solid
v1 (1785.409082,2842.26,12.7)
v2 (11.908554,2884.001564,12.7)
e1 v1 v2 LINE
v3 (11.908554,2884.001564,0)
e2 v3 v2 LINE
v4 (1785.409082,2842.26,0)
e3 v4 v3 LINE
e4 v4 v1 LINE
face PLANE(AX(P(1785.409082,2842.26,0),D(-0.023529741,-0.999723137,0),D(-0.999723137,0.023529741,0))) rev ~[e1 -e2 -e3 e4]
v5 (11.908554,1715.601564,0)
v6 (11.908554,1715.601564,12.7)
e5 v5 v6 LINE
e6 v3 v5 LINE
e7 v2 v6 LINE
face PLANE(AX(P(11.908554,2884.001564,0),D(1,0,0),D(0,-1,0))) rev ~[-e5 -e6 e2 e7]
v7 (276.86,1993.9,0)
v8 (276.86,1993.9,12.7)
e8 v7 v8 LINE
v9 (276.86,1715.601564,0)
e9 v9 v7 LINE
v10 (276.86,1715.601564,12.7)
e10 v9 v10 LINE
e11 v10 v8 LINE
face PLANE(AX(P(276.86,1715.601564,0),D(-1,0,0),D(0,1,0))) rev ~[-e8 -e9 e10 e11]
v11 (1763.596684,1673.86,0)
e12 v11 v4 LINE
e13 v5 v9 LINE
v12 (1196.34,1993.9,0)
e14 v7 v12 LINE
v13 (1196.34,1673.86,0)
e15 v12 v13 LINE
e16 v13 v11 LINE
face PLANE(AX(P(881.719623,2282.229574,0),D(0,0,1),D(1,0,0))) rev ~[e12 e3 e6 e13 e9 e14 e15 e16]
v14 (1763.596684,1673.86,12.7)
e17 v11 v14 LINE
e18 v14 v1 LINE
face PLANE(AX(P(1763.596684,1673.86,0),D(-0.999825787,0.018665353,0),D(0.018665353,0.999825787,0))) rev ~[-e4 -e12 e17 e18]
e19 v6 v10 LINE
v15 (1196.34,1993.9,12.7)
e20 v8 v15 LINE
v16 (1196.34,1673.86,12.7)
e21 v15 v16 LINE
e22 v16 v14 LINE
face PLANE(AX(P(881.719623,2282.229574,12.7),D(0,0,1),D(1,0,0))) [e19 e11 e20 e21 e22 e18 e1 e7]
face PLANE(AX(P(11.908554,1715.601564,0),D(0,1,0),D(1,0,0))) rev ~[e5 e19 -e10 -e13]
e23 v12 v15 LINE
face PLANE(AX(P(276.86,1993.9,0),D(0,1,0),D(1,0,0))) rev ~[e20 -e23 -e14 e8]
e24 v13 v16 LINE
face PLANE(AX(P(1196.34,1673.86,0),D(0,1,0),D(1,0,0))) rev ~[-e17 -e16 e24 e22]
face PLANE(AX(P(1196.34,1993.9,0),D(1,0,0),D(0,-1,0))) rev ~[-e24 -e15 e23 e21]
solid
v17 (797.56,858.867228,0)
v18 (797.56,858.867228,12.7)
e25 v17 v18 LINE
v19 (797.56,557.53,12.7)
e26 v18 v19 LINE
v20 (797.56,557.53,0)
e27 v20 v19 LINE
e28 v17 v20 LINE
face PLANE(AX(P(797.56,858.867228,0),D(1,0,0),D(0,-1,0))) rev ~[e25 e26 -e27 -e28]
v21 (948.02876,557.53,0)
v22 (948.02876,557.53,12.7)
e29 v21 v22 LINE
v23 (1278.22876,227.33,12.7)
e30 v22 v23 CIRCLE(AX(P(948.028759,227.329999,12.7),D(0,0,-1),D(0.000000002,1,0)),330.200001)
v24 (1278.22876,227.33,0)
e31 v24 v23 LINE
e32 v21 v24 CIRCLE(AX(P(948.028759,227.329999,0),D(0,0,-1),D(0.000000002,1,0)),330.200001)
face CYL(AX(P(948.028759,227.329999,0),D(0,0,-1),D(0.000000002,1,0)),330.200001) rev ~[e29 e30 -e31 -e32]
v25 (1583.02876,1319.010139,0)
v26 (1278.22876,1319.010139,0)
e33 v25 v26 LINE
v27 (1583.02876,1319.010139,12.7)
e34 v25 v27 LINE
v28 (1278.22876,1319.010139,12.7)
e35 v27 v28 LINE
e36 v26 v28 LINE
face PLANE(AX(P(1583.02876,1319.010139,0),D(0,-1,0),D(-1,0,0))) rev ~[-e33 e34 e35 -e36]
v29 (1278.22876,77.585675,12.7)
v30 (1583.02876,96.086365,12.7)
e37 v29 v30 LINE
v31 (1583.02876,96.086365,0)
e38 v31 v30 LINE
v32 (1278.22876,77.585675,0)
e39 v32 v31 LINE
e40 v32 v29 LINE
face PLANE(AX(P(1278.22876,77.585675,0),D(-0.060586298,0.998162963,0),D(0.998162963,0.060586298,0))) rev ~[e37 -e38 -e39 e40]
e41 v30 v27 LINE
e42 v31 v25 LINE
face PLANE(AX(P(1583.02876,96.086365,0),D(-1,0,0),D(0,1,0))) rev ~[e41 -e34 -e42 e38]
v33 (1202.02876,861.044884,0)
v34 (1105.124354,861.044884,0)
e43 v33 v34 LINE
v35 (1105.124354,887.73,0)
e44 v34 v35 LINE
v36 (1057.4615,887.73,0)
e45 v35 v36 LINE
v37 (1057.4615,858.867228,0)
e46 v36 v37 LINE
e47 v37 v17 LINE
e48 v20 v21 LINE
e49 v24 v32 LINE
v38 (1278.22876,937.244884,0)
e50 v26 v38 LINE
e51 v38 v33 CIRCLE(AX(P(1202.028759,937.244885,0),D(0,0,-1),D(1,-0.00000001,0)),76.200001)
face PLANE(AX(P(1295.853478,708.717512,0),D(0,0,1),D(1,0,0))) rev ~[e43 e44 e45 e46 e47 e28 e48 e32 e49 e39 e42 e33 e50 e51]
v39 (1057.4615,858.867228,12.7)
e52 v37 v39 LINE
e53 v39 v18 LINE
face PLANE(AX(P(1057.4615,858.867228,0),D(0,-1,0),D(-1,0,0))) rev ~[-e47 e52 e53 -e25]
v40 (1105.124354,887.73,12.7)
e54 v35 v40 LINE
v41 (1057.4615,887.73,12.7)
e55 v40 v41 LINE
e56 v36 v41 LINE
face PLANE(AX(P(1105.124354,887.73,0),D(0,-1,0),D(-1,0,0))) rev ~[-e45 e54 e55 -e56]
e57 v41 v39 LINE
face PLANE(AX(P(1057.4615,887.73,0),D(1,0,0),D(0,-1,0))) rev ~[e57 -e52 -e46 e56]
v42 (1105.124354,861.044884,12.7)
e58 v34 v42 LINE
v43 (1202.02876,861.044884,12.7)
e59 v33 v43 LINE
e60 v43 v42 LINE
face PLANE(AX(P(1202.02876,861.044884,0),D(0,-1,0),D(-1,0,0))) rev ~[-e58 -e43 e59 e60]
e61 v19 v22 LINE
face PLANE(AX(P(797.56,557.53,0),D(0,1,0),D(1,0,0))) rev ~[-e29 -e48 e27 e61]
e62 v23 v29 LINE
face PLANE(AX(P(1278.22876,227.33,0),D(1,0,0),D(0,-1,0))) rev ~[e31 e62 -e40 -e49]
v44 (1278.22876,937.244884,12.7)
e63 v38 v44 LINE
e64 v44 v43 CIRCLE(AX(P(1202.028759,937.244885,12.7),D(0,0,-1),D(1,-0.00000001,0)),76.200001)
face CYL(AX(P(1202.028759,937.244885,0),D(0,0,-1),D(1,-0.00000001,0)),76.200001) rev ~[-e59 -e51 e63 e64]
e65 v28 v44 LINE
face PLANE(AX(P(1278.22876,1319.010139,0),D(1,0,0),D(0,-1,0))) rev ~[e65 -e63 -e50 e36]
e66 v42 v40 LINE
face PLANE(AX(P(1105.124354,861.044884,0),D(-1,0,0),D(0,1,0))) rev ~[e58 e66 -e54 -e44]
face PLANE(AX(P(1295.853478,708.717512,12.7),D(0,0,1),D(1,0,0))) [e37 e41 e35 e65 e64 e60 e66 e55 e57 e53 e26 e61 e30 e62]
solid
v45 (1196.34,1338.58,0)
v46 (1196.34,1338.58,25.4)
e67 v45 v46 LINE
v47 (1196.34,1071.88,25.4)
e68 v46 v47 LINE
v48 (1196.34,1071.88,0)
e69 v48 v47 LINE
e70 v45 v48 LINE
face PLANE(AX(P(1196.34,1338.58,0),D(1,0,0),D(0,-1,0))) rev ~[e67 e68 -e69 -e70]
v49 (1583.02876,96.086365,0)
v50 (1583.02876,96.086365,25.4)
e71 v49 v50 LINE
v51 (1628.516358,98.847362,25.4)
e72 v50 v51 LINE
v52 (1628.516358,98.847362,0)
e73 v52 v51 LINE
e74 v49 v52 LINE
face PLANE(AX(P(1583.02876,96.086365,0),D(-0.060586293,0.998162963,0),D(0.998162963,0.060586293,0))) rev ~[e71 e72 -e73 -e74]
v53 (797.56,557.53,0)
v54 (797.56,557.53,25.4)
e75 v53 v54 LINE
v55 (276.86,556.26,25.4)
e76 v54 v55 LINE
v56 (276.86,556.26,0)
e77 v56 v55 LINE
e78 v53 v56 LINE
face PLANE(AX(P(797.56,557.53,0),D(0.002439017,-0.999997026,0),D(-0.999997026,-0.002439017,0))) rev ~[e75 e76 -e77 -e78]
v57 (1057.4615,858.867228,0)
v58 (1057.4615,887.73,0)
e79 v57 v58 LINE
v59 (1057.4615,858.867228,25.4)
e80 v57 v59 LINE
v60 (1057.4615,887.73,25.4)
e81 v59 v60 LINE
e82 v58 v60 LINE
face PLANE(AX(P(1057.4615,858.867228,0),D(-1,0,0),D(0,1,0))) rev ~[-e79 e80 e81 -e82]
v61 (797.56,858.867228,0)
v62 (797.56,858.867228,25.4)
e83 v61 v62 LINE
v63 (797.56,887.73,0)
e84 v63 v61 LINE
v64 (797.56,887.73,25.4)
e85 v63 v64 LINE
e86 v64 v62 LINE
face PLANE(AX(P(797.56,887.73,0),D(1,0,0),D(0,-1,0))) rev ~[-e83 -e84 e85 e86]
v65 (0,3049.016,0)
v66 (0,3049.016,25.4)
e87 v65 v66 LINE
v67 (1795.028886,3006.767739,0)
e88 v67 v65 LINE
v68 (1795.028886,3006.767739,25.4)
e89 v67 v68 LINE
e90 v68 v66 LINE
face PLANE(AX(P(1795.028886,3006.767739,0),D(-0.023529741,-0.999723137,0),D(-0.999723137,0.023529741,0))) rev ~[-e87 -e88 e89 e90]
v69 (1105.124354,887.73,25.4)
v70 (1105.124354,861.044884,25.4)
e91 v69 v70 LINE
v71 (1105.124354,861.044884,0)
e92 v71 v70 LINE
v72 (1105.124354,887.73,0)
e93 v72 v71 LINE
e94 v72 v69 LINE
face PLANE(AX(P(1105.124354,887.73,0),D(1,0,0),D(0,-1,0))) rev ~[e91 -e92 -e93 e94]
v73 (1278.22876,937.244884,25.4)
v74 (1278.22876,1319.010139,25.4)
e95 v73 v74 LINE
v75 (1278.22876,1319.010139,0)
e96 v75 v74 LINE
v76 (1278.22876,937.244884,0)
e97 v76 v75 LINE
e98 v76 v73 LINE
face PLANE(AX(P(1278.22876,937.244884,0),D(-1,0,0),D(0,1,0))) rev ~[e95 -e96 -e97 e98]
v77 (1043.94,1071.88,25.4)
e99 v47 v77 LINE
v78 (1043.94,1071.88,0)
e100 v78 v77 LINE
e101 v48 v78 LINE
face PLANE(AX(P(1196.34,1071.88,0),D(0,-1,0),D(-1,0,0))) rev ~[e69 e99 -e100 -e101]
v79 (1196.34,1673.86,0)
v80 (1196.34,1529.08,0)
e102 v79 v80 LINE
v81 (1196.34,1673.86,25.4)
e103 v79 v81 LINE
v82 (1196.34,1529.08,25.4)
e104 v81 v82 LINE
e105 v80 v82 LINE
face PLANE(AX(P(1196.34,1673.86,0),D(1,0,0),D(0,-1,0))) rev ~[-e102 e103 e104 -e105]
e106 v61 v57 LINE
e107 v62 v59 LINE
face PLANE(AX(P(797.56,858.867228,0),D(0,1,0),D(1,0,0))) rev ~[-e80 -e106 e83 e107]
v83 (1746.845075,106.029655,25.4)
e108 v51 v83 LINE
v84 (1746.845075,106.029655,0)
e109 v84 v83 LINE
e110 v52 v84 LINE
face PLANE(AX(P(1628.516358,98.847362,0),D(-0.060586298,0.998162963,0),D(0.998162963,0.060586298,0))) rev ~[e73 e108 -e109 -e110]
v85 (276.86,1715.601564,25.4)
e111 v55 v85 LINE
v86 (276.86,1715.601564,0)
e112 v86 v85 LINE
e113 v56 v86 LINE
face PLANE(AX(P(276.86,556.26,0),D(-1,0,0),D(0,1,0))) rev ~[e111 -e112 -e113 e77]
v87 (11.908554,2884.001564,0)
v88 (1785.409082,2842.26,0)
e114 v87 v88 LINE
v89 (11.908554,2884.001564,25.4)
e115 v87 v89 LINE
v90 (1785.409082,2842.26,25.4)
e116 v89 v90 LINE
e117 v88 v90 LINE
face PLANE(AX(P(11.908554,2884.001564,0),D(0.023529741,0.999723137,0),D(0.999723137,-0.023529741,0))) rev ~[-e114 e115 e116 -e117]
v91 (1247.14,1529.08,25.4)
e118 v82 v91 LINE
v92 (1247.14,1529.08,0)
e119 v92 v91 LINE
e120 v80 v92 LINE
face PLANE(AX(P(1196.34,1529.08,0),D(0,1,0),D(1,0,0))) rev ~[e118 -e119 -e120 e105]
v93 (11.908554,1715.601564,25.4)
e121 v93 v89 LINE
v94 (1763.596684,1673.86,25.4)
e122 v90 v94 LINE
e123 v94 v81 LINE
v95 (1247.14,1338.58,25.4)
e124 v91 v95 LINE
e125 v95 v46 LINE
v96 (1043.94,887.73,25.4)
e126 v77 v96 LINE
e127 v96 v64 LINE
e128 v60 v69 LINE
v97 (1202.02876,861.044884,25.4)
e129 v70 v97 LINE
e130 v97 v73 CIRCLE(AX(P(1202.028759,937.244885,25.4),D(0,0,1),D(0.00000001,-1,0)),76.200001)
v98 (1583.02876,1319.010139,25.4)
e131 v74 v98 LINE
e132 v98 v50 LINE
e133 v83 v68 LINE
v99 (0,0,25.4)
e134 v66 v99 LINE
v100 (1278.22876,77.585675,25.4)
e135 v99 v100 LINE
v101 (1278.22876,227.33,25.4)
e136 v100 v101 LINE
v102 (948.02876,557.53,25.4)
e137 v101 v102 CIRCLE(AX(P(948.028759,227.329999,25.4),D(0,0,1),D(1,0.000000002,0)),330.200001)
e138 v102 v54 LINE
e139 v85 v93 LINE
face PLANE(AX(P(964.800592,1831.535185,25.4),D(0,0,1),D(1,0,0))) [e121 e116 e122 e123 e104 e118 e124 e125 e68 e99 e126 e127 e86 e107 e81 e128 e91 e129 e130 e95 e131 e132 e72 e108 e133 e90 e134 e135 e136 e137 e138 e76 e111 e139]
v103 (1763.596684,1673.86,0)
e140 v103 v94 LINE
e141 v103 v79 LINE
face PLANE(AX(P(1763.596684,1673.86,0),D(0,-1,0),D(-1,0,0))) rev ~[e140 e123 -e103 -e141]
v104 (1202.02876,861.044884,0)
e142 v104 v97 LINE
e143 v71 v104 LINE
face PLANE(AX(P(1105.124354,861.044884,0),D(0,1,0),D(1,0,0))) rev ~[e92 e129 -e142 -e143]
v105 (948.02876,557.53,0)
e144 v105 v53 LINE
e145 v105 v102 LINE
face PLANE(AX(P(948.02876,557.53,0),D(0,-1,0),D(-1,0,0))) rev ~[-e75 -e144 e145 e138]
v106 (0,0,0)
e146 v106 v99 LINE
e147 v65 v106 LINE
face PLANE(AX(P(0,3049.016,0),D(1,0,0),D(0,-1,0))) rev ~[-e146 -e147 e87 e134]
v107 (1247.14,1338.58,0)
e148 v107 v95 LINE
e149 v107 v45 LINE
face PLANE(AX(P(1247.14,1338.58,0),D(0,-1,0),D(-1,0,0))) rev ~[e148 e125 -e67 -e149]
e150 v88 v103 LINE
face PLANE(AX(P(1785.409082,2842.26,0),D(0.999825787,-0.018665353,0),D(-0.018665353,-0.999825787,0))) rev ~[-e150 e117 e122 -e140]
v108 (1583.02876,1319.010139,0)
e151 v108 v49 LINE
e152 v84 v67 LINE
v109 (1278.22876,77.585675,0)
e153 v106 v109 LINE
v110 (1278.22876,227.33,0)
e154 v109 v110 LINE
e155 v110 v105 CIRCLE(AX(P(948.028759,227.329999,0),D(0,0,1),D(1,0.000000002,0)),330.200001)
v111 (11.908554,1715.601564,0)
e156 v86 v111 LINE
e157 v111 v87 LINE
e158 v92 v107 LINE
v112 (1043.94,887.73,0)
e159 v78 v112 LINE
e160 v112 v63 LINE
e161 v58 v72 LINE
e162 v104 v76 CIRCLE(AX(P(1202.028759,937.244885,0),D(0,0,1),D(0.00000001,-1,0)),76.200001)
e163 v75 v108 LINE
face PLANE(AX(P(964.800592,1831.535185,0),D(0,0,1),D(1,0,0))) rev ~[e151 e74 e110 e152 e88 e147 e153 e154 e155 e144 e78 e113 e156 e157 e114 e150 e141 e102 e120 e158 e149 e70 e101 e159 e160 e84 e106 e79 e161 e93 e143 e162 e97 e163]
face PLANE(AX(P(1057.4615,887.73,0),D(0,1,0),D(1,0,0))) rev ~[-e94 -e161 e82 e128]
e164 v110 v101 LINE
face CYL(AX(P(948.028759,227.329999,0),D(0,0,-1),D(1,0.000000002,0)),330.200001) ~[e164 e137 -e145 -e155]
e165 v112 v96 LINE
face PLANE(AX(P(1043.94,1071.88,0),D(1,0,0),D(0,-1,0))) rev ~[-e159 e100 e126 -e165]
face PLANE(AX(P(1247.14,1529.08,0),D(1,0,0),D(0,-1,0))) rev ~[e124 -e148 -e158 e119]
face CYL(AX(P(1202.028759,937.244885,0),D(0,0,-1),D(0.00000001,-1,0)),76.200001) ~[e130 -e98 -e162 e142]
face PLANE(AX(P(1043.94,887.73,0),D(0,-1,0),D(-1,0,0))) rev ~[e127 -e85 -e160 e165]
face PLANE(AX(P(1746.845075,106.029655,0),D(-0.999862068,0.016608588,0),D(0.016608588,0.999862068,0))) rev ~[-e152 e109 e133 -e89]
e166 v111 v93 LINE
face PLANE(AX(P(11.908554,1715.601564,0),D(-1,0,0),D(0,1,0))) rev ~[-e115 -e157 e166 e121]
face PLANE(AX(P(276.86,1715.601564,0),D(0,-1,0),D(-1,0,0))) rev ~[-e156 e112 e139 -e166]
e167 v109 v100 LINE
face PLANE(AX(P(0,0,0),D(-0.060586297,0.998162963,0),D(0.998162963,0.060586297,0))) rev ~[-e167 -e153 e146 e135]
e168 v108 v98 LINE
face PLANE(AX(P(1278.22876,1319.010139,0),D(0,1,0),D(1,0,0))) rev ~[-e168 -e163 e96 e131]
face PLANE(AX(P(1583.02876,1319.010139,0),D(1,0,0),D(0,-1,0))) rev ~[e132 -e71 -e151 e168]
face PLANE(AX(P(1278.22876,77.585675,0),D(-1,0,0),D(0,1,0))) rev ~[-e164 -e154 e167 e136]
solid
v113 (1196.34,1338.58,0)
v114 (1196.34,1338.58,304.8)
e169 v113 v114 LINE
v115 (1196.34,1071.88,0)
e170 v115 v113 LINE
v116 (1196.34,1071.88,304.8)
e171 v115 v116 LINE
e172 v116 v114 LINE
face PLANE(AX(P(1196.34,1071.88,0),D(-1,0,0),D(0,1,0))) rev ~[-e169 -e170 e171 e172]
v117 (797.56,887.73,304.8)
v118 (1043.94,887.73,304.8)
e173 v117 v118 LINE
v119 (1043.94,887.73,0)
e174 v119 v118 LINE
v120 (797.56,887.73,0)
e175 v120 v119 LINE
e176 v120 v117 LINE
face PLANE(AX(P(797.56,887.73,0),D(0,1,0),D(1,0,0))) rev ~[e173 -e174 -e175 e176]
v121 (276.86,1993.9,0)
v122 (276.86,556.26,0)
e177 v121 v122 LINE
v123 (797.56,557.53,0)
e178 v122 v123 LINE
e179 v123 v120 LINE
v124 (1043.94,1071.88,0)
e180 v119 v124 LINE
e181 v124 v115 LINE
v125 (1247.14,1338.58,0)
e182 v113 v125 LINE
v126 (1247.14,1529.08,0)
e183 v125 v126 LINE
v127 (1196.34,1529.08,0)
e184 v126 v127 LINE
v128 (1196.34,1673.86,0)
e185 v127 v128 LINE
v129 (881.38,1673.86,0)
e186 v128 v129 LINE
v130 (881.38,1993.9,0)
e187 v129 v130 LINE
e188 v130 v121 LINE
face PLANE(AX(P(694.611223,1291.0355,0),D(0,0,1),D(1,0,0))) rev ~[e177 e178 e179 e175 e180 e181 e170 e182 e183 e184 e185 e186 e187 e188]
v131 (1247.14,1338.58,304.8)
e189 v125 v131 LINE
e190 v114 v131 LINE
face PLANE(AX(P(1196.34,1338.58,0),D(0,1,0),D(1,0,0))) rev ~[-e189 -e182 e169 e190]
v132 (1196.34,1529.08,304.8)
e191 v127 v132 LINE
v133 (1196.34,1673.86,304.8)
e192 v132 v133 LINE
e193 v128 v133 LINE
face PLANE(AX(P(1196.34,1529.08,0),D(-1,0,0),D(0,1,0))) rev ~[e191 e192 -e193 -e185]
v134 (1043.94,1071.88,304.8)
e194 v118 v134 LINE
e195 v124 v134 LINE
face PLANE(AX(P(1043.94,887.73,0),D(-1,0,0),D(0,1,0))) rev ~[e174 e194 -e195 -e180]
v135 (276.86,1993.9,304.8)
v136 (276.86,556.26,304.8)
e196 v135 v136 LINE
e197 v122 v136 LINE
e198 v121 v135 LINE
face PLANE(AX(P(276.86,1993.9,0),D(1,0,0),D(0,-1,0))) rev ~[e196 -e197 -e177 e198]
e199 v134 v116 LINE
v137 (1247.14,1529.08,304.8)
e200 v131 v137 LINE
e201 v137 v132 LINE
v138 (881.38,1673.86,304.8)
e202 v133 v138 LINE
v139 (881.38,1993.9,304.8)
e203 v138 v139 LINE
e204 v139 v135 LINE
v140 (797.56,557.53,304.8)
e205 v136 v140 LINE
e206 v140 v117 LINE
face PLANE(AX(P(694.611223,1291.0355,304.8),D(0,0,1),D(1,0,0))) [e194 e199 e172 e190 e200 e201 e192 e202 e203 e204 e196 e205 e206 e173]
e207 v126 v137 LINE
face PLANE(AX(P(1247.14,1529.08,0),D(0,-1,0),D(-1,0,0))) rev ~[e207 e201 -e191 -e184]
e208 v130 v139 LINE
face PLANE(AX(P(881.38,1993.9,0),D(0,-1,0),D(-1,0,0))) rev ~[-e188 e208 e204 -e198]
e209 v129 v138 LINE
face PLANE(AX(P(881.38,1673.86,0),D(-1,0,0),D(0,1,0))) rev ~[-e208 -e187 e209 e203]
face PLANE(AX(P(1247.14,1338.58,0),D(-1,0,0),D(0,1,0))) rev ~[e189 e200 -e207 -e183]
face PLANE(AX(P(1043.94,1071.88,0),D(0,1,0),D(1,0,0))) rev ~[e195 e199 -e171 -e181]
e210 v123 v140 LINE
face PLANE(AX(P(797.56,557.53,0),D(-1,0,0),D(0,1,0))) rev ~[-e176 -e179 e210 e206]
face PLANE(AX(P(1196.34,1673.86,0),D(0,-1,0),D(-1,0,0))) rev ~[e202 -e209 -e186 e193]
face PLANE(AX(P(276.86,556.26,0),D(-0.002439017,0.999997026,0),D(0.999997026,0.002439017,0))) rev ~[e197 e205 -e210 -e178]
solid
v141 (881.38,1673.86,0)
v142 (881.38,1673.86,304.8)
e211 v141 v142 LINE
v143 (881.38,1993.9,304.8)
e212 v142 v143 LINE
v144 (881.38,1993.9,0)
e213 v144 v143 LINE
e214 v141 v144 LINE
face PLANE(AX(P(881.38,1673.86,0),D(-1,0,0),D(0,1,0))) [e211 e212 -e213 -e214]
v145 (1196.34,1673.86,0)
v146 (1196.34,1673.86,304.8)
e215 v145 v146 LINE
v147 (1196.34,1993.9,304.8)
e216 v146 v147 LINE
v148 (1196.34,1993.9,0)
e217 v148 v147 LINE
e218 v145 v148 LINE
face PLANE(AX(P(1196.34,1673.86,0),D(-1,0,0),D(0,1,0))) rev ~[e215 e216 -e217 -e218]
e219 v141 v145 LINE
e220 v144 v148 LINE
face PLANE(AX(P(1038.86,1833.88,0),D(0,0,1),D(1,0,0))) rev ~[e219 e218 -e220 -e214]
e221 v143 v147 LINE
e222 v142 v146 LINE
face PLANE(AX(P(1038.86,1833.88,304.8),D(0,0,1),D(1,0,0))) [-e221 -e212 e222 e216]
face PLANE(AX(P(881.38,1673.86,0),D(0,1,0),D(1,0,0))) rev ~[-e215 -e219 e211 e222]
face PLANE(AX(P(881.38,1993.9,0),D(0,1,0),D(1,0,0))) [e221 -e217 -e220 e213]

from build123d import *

# Parameters (mm, degrees)
F1_DEPTH = 12.7
F2_DEPTH = 304.8
F3_DEPTH = 12.7
F4_DEPTH = 25.4
F0_W     = 314.96
F0_H     = 320.04
F5_DEPTH = 304.8


with BuildPart() as f1:
    # F0 (on Top) → F1 (new body)
    with BuildSketch(Plane.XY):
        with BuildLine():
            Line((1278.22876, 227.33), (1278.22876, 77.585675))
            Line((1278.22876, 77.585675), (1583.02876, 96.086365))
            Line((1583.02876, 96.086365), (1583.02876, 1319.010139))
            Line((1583.02876, 1319.010139), (1278.22876, 1319.010139))
            Line((1278.22876, 1319.010139), (1278.22876, 937.244884))
            ThreePointArc((1278.22876, 937.244884), (1255.910296, 883.363347), (1202.02876, 861.044884))
            Line((1202.02876, 861.044884), (1105.124354, 861.044884))
            Line((1105.124354, 861.044884), (1105.124354, 887.73))
            Line((1105.124354, 887.73), (1057.4615, 887.73))
            Line((1057.4615, 887.73), (1057.4615, 858.867228))
            Line((1057.4615, 858.867228), (797.56, 858.867228))
            Line((797.56, 858.867228), (797.56, 557.53))
            Line((797.56, 557.53), (948.02876, 557.53))
            ThreePointArc((948.02876, 557.53), (1181.515419, 460.816659), (1278.22876, 227.33))
        make_face()
    extrude(amount=F1_DEPTH)


with BuildPart() as f2:
    # F0 (on Top) → F2 (new body)
    with BuildSketch(Plane.XY):
        Polygon((276.86, 1715.601564), (276.86, 556.26), (797.56, 557.53), (797.56, 858.867228), (797.56, 887.73), (1043.94, 887.73), (1043.94, 1071.88), (1196.34, 1071.88), (1196.34, 1338.58), (1247.14, 1338.58), (1247.14, 1529.08), (1196.34, 1529.08), (1196.34, 1673.86), (881.38, 1673.86), (881.38, 1993.9), (276.86, 1993.9), align=None)
    extrude(amount=F2_DEPTH)


with BuildPart() as f3:
    # F0 (on Top) → F3 (new body)
    with BuildSketch(Plane.XY):
        Polygon((11.908554, 1715.601564), (276.86, 1715.601564), (276.86, 1993.9), (881.38, 1993.9), (1196.34, 1993.9), (1196.34, 1673.86), (1763.596684, 1673.86), (1785.409082, 2842.26), (11.908554, 2884.001564), align=None)
    extrude(amount=F3_DEPTH)


with BuildPart() as f4:
    # F0 (on Top) → F4 (new body)
    with BuildSketch(Plane.XY):
        with BuildLine():
            Line((0, 3049.016), (0, 556.26))
            Line((0, 556.26), (276.86, 556.26))
            Line((276.86, 556.26), (276.86, 1715.601564))
            Line((276.86, 1715.601564), (11.908554, 1715.601564))
            Line((11.908554, 1715.601564), (11.908554, 2884.001564))
            Line((11.908554, 2884.001564), (1785.409082, 2842.26))
            Line((1785.409082, 2842.26), (1763.596684, 1673.86))
            Line((1763.596684, 1673.86), (1196.34, 1673.86))
            Line((1196.34, 1673.86), (1196.34, 1529.08))
            Line((1196.34, 1529.08), (1247.14, 1529.08))
            Line((1247.14, 1529.08), (1247.14, 1338.58))
            Line((1247.14, 1338.58), (1196.34, 1338.58))
            Line((1196.34, 1338.58), (1196.34, 1071.88))
            Line((1196.34, 1071.88), (1196.34, 887.73))
            Line((1196.34, 887.73), (1105.124354, 887.73))
            Line((1105.124354, 887.73), (1105.124354, 861.044884))
            Line((1105.124354, 861.044884), (1202.02876, 861.044884))
            ThreePointArc((1202.02876, 861.044884), (1255.910296, 883.363347), (1278.22876, 937.244884))
            Line((1278.22876, 937.244884), (1278.22876, 1319.010139))
            Line((1278.22876, 1319.010139), (1583.02876, 1319.010139))
            Line((1583.02876, 1319.010139), (1583.02876, 96.086365))
            Line((1583.02876, 96.086365), (1628.516358, 98.847362))
            Line((1628.516358, 98.847362), (1746.845075, 106.029655))
            Line((1746.845075, 106.029655), (1795.028886, 3006.767739))
            Line((1795.028886, 3006.767739), (0, 3049.016))
        make_face()
        with BuildLine():
            Line((0, 556.26), (0, 0))
            Line((0, 0), (1278.22876, 77.585675))
            Line((1278.22876, 77.585675), (1278.22876, 227.33))
            ThreePointArc((1278.22876, 227.33), (1181.515419, 460.816659), (948.02876, 557.53))
            Line((948.02876, 557.53), (797.56, 557.53))
            Line((797.56, 557.53), (276.86, 556.26))
            Line((276.86, 556.26), (0, 556.26))
        make_face()
        Polygon((1043.94, 1071.88), (1043.94, 887.73), (1057.4615, 887.73), (1105.124354, 887.73), (1196.34, 887.73), (1196.34, 1071.88), align=None)
        Polygon((797.56, 887.73), (797.56, 858.867228), (1057.4615, 858.867228), (1057.4615, 887.73), (1043.94, 887.73), align=None)
    extrude(amount=F4_DEPTH)


with BuildPart() as f5:
    # F0 (on Top) → F5 (new body)
    with BuildSketch(Plane.XY):
        with Locations((1038.86, 1833.88)):
            Rectangle(F0_W, F0_H)
    extrude(amount=F5_DEPTH)


solid = Compound([f1.part, f2.part, f3.part, f4.part, f5.part])
